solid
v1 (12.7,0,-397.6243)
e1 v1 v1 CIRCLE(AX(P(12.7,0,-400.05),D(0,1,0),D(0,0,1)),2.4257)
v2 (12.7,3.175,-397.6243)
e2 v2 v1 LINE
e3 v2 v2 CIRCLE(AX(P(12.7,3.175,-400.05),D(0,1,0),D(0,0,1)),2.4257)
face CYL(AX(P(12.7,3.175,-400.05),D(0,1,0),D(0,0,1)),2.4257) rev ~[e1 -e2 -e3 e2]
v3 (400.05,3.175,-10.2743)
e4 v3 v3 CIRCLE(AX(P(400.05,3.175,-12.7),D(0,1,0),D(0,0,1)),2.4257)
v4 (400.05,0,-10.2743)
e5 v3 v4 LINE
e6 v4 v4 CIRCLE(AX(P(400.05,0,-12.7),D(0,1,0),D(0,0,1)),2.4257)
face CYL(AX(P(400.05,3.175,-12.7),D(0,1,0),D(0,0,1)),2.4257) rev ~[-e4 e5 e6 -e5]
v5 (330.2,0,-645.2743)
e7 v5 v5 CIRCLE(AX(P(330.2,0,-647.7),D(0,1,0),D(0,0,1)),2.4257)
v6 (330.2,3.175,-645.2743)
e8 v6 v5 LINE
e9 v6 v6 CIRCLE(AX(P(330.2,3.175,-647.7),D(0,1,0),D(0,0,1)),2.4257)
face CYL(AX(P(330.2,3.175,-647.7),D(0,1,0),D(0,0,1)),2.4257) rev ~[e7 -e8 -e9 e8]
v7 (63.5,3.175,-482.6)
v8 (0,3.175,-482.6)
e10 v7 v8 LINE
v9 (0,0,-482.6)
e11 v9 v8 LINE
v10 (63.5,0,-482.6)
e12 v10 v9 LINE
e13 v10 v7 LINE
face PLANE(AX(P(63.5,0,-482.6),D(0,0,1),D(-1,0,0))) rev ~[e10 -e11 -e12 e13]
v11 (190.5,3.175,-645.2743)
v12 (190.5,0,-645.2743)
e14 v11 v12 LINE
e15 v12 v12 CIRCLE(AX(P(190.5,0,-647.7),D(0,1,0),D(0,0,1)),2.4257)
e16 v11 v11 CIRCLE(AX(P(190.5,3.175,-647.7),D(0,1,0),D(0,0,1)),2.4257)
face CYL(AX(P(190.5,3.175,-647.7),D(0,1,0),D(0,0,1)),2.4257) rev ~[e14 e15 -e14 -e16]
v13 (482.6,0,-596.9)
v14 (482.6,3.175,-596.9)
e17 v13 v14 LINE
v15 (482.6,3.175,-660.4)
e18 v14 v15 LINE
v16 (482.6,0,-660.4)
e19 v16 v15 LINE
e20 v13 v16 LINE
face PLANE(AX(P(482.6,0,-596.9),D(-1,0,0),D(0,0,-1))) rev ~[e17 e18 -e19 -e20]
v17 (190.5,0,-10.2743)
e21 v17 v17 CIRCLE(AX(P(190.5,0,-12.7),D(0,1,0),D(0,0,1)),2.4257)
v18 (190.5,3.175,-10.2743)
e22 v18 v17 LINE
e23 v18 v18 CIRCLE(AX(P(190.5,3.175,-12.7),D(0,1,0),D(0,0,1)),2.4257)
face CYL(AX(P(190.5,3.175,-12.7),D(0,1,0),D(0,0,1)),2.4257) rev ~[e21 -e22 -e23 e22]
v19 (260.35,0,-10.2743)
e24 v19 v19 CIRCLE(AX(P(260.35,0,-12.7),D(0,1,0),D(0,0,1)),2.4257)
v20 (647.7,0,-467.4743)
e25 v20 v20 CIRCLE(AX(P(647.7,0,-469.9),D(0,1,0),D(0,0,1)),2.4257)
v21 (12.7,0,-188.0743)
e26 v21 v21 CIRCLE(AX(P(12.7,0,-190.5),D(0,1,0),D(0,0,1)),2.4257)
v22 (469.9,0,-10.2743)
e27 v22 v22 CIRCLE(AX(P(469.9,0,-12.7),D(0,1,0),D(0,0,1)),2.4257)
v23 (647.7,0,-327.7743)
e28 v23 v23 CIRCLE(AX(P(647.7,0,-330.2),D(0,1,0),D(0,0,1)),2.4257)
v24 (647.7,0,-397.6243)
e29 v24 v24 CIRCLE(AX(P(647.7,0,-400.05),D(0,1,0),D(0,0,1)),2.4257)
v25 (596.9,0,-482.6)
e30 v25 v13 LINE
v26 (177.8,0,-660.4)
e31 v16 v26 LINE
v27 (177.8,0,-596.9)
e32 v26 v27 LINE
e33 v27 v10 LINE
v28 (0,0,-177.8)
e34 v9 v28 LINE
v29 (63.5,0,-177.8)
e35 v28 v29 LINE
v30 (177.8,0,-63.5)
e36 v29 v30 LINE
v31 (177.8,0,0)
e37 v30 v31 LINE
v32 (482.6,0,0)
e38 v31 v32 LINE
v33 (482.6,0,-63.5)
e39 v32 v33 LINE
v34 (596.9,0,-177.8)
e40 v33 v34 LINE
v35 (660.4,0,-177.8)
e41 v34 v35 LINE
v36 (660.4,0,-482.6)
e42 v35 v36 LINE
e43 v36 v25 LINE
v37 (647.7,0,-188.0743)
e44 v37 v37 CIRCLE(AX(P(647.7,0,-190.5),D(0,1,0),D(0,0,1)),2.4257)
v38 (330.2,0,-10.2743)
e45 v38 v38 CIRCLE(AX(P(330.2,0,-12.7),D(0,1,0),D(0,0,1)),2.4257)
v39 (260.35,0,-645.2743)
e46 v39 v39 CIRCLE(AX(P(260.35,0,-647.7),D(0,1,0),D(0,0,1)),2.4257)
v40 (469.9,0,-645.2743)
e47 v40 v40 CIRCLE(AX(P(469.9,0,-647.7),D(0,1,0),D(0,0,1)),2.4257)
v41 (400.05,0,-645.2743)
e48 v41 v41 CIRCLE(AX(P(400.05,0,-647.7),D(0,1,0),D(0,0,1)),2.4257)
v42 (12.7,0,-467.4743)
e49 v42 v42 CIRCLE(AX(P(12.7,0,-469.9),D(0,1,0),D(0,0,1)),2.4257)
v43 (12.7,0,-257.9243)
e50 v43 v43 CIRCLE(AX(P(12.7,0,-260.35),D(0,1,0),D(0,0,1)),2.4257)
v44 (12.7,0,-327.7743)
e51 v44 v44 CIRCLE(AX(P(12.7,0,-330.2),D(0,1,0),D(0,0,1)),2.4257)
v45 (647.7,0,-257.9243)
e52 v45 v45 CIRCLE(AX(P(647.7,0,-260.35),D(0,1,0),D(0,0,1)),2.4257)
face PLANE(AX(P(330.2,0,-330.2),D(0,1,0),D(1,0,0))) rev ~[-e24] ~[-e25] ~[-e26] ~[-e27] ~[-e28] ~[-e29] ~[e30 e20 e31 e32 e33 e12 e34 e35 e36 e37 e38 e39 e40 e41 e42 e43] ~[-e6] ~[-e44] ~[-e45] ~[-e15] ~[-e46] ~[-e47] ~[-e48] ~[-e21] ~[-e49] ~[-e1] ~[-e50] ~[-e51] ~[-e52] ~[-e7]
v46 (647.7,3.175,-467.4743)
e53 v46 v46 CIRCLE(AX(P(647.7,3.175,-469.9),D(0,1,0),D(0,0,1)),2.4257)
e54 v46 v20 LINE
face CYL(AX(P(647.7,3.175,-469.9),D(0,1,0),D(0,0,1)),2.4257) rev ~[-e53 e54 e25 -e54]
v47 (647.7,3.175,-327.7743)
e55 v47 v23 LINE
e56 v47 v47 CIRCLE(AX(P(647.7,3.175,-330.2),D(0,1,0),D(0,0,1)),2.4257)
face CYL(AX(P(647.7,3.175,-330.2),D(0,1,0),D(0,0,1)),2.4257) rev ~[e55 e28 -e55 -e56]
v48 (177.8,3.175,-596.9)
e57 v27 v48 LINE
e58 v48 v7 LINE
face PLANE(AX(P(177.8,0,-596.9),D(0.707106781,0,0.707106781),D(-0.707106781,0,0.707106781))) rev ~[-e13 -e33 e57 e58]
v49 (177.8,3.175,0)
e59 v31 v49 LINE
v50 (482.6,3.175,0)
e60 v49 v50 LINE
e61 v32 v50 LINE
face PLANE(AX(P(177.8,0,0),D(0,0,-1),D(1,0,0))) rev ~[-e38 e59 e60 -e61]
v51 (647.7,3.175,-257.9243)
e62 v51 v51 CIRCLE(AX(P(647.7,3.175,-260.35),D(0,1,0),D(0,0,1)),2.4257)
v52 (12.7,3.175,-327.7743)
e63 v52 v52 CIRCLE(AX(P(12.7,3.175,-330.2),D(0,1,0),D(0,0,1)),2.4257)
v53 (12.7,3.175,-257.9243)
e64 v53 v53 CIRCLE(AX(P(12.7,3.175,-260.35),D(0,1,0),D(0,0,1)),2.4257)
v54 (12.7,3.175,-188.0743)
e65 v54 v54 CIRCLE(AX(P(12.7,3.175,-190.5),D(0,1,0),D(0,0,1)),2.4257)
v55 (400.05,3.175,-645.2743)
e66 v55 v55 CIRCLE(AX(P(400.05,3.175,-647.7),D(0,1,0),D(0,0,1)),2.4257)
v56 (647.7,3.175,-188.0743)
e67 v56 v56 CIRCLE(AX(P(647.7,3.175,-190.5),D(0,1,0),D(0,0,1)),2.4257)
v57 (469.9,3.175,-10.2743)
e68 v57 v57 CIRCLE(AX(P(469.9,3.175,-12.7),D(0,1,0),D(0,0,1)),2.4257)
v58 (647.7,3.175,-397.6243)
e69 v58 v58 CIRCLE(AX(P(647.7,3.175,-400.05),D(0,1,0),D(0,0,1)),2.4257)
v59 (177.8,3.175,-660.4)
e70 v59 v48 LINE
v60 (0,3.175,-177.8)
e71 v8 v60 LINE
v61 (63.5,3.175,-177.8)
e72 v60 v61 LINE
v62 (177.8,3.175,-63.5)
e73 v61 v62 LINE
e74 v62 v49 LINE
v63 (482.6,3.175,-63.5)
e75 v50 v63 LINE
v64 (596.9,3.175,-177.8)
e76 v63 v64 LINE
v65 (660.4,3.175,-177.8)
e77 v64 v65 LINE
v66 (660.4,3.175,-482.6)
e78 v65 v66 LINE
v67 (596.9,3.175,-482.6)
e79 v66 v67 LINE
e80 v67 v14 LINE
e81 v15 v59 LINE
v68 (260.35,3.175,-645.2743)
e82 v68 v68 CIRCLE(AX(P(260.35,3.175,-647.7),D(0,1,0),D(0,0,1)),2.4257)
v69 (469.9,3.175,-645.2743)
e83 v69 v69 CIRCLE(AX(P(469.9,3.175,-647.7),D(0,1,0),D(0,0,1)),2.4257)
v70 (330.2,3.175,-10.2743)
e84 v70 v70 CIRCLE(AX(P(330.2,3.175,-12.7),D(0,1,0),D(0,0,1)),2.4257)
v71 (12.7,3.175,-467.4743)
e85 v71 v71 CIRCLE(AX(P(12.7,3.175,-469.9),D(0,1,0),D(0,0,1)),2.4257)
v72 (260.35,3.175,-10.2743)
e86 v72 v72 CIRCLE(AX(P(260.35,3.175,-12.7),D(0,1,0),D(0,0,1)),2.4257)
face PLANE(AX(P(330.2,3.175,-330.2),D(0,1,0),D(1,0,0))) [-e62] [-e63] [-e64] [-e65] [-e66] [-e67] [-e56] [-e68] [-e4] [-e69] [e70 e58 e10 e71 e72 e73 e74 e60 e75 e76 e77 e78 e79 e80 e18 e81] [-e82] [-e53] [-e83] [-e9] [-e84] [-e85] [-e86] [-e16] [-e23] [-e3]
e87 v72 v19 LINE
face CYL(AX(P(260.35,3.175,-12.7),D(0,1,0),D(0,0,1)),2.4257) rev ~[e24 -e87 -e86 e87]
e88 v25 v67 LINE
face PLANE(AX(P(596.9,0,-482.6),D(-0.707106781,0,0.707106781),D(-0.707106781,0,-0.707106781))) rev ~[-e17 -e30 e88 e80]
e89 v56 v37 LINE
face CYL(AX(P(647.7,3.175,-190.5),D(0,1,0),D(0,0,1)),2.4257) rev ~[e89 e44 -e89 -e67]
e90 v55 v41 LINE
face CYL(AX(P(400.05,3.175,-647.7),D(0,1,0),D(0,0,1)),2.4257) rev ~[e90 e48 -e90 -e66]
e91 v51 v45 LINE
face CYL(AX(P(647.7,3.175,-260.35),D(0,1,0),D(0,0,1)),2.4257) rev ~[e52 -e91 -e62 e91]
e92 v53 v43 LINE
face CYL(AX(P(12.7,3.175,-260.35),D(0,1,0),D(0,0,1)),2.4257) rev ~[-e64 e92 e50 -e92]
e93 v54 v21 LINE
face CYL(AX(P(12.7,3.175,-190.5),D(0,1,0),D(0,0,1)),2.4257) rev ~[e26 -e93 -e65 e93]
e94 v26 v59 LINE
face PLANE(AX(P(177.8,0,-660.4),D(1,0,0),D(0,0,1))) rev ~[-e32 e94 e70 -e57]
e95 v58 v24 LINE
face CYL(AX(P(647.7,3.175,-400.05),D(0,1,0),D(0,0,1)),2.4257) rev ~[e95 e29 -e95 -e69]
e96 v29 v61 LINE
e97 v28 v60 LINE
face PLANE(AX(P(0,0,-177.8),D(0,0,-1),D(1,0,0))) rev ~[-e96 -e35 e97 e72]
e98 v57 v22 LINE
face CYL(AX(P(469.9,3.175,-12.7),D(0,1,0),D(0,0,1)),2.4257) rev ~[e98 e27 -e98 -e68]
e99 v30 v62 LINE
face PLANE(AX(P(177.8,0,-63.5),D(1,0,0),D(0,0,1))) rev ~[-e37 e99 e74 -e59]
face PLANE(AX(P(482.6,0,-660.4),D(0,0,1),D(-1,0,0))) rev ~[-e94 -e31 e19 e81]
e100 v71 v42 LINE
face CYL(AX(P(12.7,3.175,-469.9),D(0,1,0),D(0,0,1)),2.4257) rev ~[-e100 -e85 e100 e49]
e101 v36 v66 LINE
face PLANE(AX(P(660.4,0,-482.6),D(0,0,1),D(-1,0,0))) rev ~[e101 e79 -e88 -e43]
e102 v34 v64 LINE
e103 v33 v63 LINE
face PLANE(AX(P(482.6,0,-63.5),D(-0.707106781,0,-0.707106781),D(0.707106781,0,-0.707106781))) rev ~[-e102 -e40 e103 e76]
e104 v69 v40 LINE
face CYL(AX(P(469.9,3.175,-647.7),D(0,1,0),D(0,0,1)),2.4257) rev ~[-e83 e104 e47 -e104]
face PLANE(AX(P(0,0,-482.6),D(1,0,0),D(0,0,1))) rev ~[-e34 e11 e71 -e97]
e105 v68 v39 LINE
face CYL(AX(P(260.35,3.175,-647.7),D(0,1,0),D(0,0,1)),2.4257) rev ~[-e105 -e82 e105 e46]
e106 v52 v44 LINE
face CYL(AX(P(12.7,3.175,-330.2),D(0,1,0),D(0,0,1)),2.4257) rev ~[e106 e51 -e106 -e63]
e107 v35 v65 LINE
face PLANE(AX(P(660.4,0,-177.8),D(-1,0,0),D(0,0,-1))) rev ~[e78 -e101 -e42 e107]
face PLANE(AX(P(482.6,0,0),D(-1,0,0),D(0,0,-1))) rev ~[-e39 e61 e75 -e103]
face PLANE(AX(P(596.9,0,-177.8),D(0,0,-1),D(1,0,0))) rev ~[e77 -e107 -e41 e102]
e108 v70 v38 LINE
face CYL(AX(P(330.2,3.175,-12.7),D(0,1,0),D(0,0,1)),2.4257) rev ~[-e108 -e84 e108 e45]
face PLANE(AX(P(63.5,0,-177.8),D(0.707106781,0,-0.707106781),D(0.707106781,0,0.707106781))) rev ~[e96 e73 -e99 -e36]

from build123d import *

# Parameters (mm, degrees)
BOSS_EXTRUDE1_DEPTH = 3.175
SKETCH3_R           = 2.4257
CUT_EXTRUDE2_DEPTH  = 3.175


with BuildPart() as part:
    # Sketch1 → Boss-Extrude1 (new body)
    with BuildSketch(Plane(origin=(0, 0, 0), x_dir=(1, 0, 0), z_dir=(0, 1, 0))):
        Polygon((177.8, 596.9), (63.5, 482.6), (0, 482.6), (0, 177.8), (63.5, 177.8), (177.8, 63.5), (177.8, 0), (482.6, 0), (482.6, 63.5), (596.9, 177.8), (660.4, 177.8), (660.4, 482.6), (596.9, 482.6), (482.6, 596.9), (482.6, 660.4), (177.8, 660.4), align=None)
    extrude(amount=BOSS_EXTRUDE1_DEPTH)

    # Sketch3 → Cut-Extrude2 (cut)
    with BuildSketch(Plane(origin=(0, 3.175, 0), x_dir=(1, 0, 0), z_dir=(0, 1, 0))):
        with Locations(Location((190.5, 647.7, 0), (0, 0, 270))):
            Circle(SKETCH3_R)
        with Locations(Location((260.35, 647.7, 0), (0, 0, 270))):
            Circle(SKETCH3_R)
        with Locations(Location((469.9, 647.7, 0), (0, 0, 270))):
            Circle(SKETCH3_R)
        with Locations(Location((400.05, 647.7, 0), (0, 0, 270))):
            Circle(SKETCH3_R)
        with Locations(Location((330.2, 647.7, 0), (0, 0, 270))):
            Circle(SKETCH3_R)
        with Locations(Location((647.7, 469.9, 0), (0, 0, 270))):
            Circle(SKETCH3_R)
        with Locations(Location((647.7, 400.05, 0), (0, 0, 270))):
            Circle(SKETCH3_R)
        with Locations(Location((647.7, 330.2, 0), (0, 0, 270))):
            Circle(SKETCH3_R)
        with Locations(Location((647.7, 260.35, 0), (0, 0, 270))):
            Circle(SKETCH3_R)
        with Locations(Location((647.7, 190.5, 0), (0, 0, 270))):
            Circle(SKETCH3_R)
        with Locations(Location((469.9, 12.7, 0), (0, 0, 270))):
            Circle(SKETCH3_R)
        with Locations(Location((400.05, 12.7, 0), (0, 0, 270))):
            Circle(SKETCH3_R)
        with Locations(Location((330.2, 12.7, 0), (0, 0, 270))):
            Circle(SKETCH3_R)
        with Locations(Location((260.35, 12.7, 0), (0, 0, 270))):
            Circle(SKETCH3_R)
        with Locations(Location((190.5, 12.7, 0), (0, 0, 270))):
            Circle(SKETCH3_R)
        with Locations(Location((12.7, 190.5, 0), (0, 0, 270))):
            Circle(SKETCH3_R)
        with Locations(Location((12.7, 260.35, 0), (0, 0, 270))):
            Circle(SKETCH3_R)
        with Locations(Location((12.7, 330.2, 0), (0, 0, 270))):
            Circle(SKETCH3_R)
        with Locations(Location((12.7, 400.05, 0), (0, 0, 270))):
            Circle(SKETCH3_R)
        with Locations(Location((12.7, 469.9, 0), (0, 0, 270))):
            Circle(SKETCH3_R)
    extrude(amount=-CUT_EXTRUDE2_DEPTH, mode=Mode.SUBTRACT)


solid = part.part
